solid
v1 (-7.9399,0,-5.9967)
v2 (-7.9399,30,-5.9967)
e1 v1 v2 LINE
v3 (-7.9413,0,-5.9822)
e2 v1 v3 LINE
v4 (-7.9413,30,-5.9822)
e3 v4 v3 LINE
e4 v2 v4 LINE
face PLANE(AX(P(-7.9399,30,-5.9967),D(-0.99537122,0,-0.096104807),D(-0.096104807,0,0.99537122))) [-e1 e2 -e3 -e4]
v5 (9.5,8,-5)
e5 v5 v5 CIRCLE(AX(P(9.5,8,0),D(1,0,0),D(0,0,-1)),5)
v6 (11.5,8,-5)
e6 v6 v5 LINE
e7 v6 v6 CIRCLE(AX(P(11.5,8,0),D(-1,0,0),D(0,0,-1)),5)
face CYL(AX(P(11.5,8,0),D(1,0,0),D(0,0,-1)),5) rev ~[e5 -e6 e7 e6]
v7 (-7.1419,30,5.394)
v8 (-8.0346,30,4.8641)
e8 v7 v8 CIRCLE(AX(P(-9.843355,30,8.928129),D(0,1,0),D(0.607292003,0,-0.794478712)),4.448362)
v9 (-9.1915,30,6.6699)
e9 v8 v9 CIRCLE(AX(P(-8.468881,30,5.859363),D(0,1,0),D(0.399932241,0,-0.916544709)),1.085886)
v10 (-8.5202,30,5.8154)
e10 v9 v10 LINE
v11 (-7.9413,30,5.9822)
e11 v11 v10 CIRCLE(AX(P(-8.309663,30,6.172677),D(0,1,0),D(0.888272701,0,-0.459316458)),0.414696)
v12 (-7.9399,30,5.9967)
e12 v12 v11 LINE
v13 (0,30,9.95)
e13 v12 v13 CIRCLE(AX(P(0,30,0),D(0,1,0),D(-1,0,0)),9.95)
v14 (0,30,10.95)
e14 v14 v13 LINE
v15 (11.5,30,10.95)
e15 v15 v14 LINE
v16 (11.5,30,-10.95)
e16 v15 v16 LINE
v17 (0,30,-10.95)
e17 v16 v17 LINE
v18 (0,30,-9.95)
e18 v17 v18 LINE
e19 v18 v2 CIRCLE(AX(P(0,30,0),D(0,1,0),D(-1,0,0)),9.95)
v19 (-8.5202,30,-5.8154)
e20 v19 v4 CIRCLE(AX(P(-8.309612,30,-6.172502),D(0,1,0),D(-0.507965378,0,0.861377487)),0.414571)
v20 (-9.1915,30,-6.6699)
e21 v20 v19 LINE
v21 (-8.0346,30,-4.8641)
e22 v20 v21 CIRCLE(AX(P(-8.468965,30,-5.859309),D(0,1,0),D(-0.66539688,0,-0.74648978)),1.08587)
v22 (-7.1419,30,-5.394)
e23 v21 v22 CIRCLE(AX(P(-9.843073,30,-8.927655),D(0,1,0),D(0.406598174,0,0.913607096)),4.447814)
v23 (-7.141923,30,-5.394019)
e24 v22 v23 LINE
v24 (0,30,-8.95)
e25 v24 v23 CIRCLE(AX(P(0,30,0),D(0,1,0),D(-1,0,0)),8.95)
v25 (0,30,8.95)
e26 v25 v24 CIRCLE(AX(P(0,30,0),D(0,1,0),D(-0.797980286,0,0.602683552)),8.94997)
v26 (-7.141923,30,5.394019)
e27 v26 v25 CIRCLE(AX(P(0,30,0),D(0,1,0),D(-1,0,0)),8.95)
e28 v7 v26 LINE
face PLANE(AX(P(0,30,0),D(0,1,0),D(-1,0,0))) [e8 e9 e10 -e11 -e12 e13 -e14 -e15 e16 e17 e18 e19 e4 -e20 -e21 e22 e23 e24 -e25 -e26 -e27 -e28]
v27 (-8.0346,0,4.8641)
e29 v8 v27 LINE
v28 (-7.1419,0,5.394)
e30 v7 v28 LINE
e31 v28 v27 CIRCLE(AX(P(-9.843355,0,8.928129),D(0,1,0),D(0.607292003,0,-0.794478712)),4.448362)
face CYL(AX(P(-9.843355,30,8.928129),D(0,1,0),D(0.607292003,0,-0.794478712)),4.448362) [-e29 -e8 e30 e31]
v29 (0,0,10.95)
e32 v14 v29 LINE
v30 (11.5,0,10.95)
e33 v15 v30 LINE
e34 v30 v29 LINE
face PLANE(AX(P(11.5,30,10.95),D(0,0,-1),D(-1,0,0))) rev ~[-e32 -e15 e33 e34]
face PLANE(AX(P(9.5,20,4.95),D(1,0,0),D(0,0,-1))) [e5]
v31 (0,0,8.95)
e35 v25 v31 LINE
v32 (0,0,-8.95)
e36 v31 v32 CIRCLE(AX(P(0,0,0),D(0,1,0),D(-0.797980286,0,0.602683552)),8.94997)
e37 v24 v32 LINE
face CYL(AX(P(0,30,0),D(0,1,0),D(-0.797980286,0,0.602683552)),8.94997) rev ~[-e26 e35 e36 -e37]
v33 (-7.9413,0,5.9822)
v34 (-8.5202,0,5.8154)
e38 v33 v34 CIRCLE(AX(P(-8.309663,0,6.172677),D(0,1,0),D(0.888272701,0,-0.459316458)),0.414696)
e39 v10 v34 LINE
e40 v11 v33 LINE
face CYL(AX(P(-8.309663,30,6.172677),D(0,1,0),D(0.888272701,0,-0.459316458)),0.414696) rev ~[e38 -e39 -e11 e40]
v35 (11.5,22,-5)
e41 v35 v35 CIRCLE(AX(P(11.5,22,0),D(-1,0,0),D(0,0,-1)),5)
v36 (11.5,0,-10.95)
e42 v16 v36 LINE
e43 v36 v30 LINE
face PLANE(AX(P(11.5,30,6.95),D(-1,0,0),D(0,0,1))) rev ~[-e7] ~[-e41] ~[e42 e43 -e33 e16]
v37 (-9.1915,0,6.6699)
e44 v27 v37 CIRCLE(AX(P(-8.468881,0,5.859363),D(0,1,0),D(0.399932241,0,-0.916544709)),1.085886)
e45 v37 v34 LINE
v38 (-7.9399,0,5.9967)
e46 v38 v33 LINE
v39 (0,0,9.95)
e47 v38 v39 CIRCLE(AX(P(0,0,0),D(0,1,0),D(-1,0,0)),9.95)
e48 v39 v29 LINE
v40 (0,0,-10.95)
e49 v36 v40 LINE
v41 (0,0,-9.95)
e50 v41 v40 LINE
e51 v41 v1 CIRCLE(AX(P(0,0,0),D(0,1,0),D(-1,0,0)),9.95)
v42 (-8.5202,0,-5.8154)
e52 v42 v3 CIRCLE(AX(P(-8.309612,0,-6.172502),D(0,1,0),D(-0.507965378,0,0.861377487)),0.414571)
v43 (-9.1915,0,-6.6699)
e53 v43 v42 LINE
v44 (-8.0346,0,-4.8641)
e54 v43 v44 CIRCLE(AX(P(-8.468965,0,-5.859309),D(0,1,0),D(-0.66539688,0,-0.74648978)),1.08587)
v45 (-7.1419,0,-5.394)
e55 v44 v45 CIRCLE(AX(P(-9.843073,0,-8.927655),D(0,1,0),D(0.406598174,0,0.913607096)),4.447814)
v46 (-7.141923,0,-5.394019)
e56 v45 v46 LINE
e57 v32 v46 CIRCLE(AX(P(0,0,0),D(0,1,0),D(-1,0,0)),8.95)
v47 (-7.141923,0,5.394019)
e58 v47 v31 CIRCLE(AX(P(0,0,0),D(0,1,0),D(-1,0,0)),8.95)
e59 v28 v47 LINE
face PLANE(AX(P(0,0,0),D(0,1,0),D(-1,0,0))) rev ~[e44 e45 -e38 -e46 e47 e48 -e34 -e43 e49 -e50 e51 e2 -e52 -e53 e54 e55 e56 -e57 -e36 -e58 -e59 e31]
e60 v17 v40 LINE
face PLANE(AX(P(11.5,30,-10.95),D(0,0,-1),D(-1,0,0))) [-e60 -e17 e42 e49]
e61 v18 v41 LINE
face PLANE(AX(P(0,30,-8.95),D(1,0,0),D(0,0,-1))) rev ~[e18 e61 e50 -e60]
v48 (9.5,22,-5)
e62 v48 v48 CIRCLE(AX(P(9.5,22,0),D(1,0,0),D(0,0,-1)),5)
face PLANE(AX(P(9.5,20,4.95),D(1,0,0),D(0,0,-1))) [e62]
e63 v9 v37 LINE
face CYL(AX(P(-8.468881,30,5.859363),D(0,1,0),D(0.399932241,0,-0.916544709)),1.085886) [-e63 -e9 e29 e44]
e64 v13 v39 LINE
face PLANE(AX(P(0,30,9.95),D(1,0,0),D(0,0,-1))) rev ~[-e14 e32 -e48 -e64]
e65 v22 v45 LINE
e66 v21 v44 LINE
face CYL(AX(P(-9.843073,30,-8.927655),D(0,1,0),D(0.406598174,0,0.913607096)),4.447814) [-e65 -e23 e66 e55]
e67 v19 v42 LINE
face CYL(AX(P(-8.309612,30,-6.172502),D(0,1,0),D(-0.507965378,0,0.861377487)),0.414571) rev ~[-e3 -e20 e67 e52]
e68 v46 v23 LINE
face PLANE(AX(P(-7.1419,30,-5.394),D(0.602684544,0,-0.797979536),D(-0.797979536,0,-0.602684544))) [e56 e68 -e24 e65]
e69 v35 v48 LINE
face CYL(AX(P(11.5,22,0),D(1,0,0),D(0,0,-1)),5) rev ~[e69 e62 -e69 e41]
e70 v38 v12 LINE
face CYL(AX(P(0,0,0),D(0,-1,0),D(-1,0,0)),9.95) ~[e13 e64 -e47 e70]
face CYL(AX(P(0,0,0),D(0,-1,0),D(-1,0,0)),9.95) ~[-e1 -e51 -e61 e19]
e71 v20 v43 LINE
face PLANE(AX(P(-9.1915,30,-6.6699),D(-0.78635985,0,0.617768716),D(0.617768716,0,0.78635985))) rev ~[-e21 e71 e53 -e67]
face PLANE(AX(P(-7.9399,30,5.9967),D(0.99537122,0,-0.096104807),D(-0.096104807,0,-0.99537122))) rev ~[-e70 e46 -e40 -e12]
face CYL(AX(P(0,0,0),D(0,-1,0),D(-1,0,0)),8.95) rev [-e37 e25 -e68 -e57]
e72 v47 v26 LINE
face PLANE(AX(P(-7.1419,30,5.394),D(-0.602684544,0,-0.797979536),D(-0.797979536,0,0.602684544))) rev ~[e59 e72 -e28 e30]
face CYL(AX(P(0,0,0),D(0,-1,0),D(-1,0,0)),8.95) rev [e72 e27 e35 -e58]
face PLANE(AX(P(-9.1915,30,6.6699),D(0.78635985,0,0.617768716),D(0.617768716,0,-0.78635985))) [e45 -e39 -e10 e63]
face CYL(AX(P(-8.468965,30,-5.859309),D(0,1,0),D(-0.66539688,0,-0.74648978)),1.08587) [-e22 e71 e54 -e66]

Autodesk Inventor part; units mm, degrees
ref_plane "YZ Plane" through (0, 0, 0) normal (1, 0, 0) x (0, 1, 0)
ref_plane "XZ Plane" through (0, 0, 0) normal (0, 1, 0) x (-1, 0, 0)
ref_plane "XY Plane" through (0, 0, 0) normal (0, 0, 1) x (1, 0, 0)
sketch "Эскиз1" plane through (0, 0, 0) normal (0, 1, 0) x (-1, 0, 0)
  circle A0 centre (0, 0) radius 8.95
  circle A1 centre (0, 0) radius 9.95
  line L0 (0, 0) -> (7.9399, 5.9967)
  line L1 (0, 0) -> (7.9399, -5.9967)
  point P0 (7.1419, -5.394)
  point P1 (7.1419, 5.394)
  dimension "d0" = 17.9
  dimension "d1" = 19.9
extrude "Выдавливание1" add sketch "Эскиз1" along normal blind 30 contours A0 L1 A1 L0 picked at (-8.7459, -3.8334)
sketch "Эскиз2" plane through (0, 30, 0) normal (0, 1, 0) x (1, 0, 0)
  arc A0 (-7.1419, -5.394) -> (-8.0346, -4.8641) centre (-9.8432, -8.9279) ccw
  arc A1 (-8.0346, -4.8641) -> (-9.1915, -6.6699) centre (-8.4689, -5.8593) ccw
  line L0 (-9.1915, -6.6699) -> (-8.5202, -5.8154)
  arc A2 (-7.9413, -5.9822) -> (-8.5202, -5.8154) centre (-8.3096, -6.1726) ccw
  line L1 (-7.1419, -5.394) -> (-7.9399, -5.9967)
  line L2 (-7.9399, -5.9967) -> (-7.1419, -5.394)
  line L3 (-7.9399, -5.9967) -> (-7.9413, -5.9822)
  line L4 (-0.0151, 0) -> (-3.489, 0)
  arc A3 (-8.0346, 4.8641) -> (-7.1419, 5.394) centre (-9.8432, 8.9279) ccw
  arc A4 (-8.5202, 5.8154) -> (-7.9413, 5.9822) centre (-8.3096, 6.1726) ccw
  line L5 (-7.1419, 5.394) -> (-7.9399, 5.9967)
  line L6 (-7.9399, 5.9967) -> (-7.1419, 5.394)
  line L7 (-7.9399, 5.9967) -> (-7.9413, 5.9822)
  arc A5 (-9.1915, 6.6699) -> (-8.0346, 4.8641) centre (-8.4689, 5.8593) ccw
  line L8 (-9.1915, 6.6699) -> (-8.5202, 5.8154)
  point P0 (-7.1419, 5.394)
  point P1 (-7.9399, -5.9967)
  point P2 (-5.3694, -4.0591)
  point P3 (-7.9399, 5.9967)
  point P4 (-5.3694, 4.0591)
  point P5 (-7.9399, 5.9967)
  dimension "d25" = 1.0859
sketch "Эскиз3" plane through (0, 30, 0) normal (0, 1, 0) x (1, 0, 0)
  arc A0 (-7.9399, -5.9967) -> (-7.9399, 5.9967) centre (0, 0) ccw projected
  line L0 (11.5, -6.95) -> (11.5, 6.95)
  arc A1 (-7.1419, -5.394) -> (-7.1419, 5.394) centre (0, 0) ccw projected
  arc A2 (0, -8.95) -> (0, 8.95) centre (0, 0) ccw
  line L1 (0, -9.95) -> (0, -8.95)
  line L2 (0, 8.95) -> (0, 9.95)
  line L3 (11.5, 6.95) -> (11.5, 10.95)
  line L4 (11.5, -6.95) -> (11.5, -10.95)
  line L5 (0, 5.45) -> (0, 9.95)
  line L6 (11.5, -10.95) -> (0, -10.95)
  line L7 (0, -10.95) -> (0, -9.95)
  line L8 (11.5, 10.95) -> (0, 10.95)
  line L9 (0, 10.95) -> (0, 9.95)
  point P0 (0, 8.95)
  dimension "d13" = 4
  dimension "d14" = 4
  dimension "d22" = 21.9
  dimension "d23" = 2
extrude "Выдавливание3" add sketch "Эскиз3" against normal blind 30
ref_plane "РабПлоскость1" through (11.5, 20, 4.95) normal (1, 0, 0) x (0, 0, -1)
sketch "Эскиз4" plane through (11.5, 20, 4.95) normal (1, 0, 0) x (0, 0, -1)
  line L0 (4.95, -20) -> (4.95, 10)
  line L1 (1, 10) -> (8.9, 10) projected
  circle A0 centre (4.95, -12) radius 5
  line L2 (14.4, -20) -> (-4.5, -20) projected
  circle A1 centre (4.95, 2) radius 5
  line L3 (-4.5, 10) -> (14.4, 10) projected
  point P0 (7.3306, 10)
  point P1 (2.5694, 10)
  point P2 (4.95, 10)
  dimension "d15" = 10
  dimension "d16" = 8
  dimension "d17" = 10
  dimension "d18" = 8
extrude "Выдавливание4" cut sketch "Эскиз4" against normal blind 2
extrude "Выдавливание5" add sketch "Эскиз2" against normal blind 30
properties part number "крепление маркера 18мм"
